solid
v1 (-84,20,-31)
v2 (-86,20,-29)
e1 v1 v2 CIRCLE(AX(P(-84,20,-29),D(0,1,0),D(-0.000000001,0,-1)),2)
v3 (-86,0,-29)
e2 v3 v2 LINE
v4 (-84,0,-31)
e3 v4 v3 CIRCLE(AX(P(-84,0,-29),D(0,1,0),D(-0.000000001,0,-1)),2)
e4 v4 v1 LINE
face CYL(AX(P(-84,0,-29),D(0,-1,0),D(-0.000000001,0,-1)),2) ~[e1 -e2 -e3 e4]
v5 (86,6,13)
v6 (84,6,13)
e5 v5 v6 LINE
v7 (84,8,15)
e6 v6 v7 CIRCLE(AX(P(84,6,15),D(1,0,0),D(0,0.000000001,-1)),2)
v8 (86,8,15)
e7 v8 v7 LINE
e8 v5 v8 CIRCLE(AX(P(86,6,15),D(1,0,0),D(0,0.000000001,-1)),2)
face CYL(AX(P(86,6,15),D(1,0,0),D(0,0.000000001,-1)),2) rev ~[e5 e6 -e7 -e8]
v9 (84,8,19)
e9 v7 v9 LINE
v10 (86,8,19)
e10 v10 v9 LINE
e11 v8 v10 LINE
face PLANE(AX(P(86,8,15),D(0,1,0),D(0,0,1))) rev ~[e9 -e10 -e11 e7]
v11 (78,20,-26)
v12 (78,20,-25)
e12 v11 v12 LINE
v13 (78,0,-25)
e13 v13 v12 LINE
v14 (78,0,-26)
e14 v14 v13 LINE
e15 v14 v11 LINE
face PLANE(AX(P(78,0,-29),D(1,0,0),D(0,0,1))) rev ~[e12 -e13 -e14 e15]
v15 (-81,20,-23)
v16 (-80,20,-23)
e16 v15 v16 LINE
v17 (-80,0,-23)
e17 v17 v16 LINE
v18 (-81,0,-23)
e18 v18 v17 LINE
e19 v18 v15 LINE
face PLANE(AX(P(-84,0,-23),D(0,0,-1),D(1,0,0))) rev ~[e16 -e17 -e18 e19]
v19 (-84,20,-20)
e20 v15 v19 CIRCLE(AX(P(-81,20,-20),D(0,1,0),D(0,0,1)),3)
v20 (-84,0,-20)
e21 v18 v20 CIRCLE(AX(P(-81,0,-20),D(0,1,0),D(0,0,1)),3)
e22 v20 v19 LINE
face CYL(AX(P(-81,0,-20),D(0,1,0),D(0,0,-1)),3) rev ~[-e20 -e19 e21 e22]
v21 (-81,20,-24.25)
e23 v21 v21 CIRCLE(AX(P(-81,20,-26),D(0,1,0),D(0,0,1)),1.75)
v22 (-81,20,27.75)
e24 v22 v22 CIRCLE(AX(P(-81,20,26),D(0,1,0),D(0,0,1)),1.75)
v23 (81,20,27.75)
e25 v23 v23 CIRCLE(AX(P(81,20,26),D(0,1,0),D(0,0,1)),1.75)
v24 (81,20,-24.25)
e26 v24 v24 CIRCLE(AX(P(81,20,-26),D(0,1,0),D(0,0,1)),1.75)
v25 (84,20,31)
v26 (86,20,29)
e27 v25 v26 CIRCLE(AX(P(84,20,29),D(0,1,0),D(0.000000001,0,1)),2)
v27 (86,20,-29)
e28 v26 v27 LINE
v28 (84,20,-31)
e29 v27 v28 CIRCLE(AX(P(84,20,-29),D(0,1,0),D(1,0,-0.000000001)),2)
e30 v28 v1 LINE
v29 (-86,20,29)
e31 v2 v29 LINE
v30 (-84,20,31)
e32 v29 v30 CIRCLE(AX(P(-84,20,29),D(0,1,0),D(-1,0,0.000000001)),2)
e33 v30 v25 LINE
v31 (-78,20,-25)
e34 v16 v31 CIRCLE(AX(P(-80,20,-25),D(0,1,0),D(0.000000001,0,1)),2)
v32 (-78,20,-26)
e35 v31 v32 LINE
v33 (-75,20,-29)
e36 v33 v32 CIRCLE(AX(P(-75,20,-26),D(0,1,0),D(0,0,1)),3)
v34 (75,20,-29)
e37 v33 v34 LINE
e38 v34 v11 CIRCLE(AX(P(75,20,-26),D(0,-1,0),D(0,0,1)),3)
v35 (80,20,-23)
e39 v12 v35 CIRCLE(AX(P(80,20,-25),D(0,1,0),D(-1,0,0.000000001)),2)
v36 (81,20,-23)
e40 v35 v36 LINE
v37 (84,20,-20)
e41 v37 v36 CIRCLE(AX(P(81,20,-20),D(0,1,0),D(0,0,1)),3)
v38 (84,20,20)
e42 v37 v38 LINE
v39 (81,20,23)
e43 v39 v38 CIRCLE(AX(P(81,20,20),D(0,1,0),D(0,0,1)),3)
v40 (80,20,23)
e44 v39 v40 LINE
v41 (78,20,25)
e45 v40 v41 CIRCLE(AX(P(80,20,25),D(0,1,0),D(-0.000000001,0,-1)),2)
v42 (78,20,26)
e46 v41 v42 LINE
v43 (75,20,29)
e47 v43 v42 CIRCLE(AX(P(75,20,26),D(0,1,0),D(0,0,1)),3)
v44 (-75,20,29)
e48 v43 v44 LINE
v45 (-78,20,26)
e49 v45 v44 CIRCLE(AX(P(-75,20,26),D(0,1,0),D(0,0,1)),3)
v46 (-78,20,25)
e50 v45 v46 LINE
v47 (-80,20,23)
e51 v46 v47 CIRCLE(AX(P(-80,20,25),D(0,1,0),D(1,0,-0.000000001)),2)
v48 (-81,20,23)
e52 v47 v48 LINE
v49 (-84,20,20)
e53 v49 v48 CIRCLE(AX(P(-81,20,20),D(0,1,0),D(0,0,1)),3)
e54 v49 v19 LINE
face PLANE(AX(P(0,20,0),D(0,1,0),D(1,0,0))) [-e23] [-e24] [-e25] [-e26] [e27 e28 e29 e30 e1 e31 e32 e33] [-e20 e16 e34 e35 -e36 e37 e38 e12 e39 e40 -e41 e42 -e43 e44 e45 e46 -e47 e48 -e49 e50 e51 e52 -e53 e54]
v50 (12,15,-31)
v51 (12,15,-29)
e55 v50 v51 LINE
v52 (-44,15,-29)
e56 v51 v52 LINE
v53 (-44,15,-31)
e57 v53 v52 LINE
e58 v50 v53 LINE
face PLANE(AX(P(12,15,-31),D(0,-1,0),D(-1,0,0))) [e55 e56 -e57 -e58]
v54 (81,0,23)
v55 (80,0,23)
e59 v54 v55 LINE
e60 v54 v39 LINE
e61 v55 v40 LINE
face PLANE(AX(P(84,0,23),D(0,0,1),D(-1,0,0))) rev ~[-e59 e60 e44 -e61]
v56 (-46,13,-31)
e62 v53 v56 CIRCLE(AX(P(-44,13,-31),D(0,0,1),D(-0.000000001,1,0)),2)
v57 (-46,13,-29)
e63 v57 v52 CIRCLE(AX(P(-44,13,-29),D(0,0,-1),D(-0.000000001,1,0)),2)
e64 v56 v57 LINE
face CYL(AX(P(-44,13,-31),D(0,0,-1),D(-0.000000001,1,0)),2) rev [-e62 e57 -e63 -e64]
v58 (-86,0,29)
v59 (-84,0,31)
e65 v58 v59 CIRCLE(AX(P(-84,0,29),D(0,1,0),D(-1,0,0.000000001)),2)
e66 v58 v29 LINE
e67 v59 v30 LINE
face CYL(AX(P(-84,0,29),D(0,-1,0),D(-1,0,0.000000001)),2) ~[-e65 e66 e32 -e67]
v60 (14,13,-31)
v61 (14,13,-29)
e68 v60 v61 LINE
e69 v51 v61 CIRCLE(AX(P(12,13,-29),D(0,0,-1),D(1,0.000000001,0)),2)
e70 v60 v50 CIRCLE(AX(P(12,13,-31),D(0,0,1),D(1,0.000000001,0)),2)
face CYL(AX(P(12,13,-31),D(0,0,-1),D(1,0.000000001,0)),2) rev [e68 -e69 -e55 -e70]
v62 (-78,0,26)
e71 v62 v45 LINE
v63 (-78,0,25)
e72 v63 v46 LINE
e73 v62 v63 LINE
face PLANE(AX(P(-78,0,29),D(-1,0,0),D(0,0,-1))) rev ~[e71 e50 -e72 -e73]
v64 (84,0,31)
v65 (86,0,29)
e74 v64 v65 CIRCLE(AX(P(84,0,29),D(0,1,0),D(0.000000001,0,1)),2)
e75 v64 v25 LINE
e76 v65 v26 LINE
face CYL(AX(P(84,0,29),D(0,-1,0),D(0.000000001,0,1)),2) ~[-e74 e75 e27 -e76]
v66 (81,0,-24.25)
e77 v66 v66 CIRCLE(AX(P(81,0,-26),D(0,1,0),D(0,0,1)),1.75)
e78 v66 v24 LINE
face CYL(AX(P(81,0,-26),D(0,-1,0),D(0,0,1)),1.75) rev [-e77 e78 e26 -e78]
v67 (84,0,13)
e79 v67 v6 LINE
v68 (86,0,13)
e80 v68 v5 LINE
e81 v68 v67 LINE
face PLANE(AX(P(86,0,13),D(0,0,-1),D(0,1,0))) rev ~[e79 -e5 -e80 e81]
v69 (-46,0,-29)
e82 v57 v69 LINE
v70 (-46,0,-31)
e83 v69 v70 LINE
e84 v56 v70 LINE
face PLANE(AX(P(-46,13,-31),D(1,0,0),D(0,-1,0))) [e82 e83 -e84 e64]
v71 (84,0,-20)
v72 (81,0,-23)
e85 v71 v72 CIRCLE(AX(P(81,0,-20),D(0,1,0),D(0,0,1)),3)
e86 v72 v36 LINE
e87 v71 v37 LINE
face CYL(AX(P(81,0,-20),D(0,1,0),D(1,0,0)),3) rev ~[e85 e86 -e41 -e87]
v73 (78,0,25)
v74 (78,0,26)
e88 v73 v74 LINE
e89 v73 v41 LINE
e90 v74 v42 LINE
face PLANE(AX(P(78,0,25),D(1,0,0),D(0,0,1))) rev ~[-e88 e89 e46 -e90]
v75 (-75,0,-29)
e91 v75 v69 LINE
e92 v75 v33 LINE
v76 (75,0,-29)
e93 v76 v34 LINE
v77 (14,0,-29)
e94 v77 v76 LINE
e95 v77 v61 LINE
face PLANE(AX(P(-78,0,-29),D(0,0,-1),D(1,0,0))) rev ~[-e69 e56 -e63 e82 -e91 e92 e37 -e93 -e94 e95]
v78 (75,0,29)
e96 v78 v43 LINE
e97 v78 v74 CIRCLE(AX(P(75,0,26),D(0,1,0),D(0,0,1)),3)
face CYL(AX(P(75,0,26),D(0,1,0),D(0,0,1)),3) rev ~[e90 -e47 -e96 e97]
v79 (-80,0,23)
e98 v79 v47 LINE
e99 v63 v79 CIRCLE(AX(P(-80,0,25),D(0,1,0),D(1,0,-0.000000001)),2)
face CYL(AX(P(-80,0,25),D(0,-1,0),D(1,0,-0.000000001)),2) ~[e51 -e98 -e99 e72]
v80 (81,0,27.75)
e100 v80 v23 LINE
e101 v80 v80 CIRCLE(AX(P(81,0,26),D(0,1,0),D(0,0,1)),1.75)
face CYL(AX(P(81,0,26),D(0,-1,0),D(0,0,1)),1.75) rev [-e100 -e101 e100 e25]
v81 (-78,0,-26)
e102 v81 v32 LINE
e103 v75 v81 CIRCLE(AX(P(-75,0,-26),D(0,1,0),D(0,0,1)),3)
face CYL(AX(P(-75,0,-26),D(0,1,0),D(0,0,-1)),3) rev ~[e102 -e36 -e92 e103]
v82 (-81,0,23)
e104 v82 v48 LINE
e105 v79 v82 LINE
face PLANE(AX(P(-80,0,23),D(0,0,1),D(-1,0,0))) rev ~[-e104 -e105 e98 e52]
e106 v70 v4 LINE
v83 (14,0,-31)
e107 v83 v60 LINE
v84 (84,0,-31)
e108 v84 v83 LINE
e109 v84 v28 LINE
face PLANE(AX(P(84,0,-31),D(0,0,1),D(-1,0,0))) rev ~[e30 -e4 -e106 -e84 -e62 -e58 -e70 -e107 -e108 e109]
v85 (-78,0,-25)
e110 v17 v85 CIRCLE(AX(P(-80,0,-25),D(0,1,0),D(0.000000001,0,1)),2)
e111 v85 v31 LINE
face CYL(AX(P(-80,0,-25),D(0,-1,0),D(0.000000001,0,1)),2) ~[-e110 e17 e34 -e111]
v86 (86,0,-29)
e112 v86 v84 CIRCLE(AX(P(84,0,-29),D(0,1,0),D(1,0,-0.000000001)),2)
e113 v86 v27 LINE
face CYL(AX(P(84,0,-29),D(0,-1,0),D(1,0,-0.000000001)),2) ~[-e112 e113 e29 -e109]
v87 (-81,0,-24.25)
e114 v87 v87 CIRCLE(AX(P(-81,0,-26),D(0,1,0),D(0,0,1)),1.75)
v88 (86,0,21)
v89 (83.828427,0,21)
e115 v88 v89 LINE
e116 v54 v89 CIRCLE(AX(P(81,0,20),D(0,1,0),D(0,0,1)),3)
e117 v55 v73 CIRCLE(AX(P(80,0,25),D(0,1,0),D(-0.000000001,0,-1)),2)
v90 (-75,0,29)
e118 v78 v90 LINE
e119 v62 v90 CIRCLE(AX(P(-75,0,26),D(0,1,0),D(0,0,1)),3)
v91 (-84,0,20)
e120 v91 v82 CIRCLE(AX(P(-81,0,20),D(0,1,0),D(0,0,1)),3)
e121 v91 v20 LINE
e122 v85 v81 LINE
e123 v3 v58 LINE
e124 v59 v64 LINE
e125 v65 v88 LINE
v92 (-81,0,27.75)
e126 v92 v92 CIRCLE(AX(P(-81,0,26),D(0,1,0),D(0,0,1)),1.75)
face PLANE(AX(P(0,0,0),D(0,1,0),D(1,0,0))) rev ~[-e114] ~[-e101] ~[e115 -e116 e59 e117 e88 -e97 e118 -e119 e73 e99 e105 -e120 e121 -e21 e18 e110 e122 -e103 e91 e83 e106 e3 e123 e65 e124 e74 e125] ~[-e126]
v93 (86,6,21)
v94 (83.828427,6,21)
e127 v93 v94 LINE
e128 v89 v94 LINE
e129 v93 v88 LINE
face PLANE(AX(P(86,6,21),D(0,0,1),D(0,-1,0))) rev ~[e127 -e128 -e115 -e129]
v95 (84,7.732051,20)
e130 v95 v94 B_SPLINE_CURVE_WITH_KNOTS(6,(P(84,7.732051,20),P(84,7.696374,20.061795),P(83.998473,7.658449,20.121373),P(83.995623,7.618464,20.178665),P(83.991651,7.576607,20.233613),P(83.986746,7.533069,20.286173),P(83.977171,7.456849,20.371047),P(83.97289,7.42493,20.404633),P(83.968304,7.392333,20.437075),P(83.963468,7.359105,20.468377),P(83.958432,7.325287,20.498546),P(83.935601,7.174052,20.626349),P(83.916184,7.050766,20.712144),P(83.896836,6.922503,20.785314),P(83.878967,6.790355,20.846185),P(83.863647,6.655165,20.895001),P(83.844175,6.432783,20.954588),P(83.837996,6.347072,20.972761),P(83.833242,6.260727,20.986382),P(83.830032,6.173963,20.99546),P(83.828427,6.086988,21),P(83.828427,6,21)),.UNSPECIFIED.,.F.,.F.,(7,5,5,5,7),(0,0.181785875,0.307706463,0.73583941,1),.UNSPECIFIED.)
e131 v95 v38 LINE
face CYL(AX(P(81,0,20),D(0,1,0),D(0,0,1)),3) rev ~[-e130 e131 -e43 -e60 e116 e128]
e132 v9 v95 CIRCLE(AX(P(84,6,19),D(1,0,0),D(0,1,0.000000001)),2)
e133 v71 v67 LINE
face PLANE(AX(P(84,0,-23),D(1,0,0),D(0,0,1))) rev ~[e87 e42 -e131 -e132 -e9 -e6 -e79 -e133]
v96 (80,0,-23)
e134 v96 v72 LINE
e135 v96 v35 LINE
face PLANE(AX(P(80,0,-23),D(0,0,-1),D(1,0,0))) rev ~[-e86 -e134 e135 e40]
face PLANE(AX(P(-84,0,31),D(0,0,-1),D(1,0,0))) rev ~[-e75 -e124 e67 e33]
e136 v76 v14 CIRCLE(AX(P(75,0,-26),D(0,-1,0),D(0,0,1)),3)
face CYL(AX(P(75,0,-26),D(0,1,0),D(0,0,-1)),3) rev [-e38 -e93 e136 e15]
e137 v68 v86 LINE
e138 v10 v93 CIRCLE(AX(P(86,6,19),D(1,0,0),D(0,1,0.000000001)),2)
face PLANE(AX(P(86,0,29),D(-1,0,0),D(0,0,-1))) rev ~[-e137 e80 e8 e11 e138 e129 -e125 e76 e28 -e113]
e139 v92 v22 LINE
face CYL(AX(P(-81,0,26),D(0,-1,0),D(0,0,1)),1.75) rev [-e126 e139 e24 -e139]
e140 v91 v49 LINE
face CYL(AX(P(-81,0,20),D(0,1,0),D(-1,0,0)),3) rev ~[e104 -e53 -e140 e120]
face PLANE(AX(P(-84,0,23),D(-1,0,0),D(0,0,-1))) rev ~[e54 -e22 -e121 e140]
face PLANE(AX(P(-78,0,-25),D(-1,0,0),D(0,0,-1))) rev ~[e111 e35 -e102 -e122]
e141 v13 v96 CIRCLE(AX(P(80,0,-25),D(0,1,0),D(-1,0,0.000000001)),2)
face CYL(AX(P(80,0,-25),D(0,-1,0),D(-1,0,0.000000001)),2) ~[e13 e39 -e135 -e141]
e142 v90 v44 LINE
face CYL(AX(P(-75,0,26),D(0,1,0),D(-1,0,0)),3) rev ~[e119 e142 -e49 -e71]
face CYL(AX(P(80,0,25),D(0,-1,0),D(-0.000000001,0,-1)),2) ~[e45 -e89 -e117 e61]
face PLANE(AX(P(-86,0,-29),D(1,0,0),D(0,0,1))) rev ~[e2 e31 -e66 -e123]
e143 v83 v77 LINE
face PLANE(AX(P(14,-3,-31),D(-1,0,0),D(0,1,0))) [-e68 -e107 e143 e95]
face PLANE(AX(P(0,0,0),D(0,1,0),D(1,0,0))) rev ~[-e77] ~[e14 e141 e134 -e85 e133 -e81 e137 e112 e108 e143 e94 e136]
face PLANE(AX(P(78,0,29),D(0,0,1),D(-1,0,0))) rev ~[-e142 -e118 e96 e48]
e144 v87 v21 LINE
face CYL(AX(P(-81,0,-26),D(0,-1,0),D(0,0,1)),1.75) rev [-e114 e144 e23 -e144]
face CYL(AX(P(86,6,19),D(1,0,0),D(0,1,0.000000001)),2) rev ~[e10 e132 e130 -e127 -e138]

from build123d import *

# Parameters (mm, degrees)
SKETCH1_R           = 1.75
BOSS_EXTRUDE1_DEPTH = 20
CUT_EXTRUDE1_DEPTH  = 20
FILLET1_R           = 3
CUT_EXTRUDE5_DEPTH  = 10


with BuildPart() as part:
    # Sketch1 → Boss-Extrude1 (new body)
    with BuildSketch(Plane(origin=(0, 0, 0), x_dir=(1, 0, 0), z_dir=(0, 1, 0))):
        with BuildLine():
            Line((-86, 29), (-86, -29))
            ThreePointArc((-86, -29), (-85.414213562, -30.414213562), (-84, -31))
            Line((-84, -31), (84, -31))
            ThreePointArc((84, -31), (85.414213562, -30.414213562), (86, -29))
            Line((86, -29), (86, 29))
            ThreePointArc((86, 29), (85.414213562, 30.414213562), (84, 31))
            Line((84, 31), (-84, 31))
            ThreePointArc((-84, 31), (-85.414213562, 30.414213562), (-86, 29))
        make_face()
        with Locations(Location((-81, 26, 0), (0, 0, 270))):  # turned: the seam where the file's is
            Circle(SKETCH1_R, mode=Mode.SUBTRACT)
        with Locations(Location((-81, -26, 0), (0, 0, 270))):  # turned: the seam where the file's is
            Circle(SKETCH1_R, mode=Mode.SUBTRACT)
        with Locations(Location((81, -26, 0), (0, 0, 270))):  # turned: the seam where the file's is
            Circle(SKETCH1_R, mode=Mode.SUBTRACT)
        with Locations(Location((81, 26, 0), (0, 0, 270))):  # turned: the seam where the file's is
            Circle(SKETCH1_R, mode=Mode.SUBTRACT)
        with BuildLine():
            Line((84, -23), (80, -23))
            ThreePointArc((80, -23), (78.585786438, -23.585786438), (78, -25))
            Line((78, -25), (78, -29))
            Line((78, -29), (-78, -29))
            Line((-78, -29), (-78, -25))
            ThreePointArc((-78, -25), (-78.585786438, -23.585786438), (-80, -23))
            Line((-80, -23), (-84, -23))
            Line((-84, -23), (-84, 23))
            Line((-84, 23), (-80, 23))
            ThreePointArc((-80, 23), (-78.585786438, 23.585786438), (-78, 25))
            Line((-78, 25), (-78, 29))
            Line((-78, 29), (78, 29))
            Line((78, 29), (78, 25))
            ThreePointArc((78, 25), (78.585786438, 23.585786438), (80, 23))
            Line((80, 23), (84, 23))
            Line((84, 23), (84, -23))
        make_face(mode=Mode.SUBTRACT)
    extrude(amount=BOSS_EXTRUDE1_DEPTH)

    # Sketch2 → Cut-Extrude1 (cut)
    with BuildSketch(Plane(origin=(0, 0, -31), x_dir=(-1, 0, 0), z_dir=(0, 0, -1))):
        with BuildLine():
            Line((-12, 15), (44, 15))
            ThreePointArc((44, 15), (45.414213562, 14.414213562), (46, 13))
            Line((46, 13), (46, -3))
            Line((46, -3), (-14, -3))
            Line((-14, -3), (-14, 13))
            ThreePointArc((-14, 13), (-13.414213562, 14.414213562), (-12, 15))
        make_face()
    extrude(amount=-CUT_EXTRUDE1_DEPTH, mode=Mode.SUBTRACT)

    # Fillet1
    fillet1_edges = [part.edges().sort_by_distance(p)[0] for p in [
        (84, 10, 23),
        (84, 10, -23),
        (78, 10, -29),
        (-78, 10, -29),
        (-84, 10, -23),
        (-84, 10, 23),
        (-78, 10, 29),
        (78, 10, 29),
    ]]
    fillet(fillet1_edges, radius=FILLET1_R)

    # Sketch3 → Cut-Extrude5 (cut)
    with BuildSketch(Plane(origin=(86, 0, 0), x_dir=(0, 0, -1), z_dir=(1, 0, 0))):
        with BuildLine():
            Line((-13, 0), (-13, 6))
            ThreePointArc((-13, 6), (-13.585786438, 7.414213562), (-15, 8))
            Line((-15, 8), (-19, 8))
            ThreePointArc((-19, 8), (-20.414213562, 7.414213562), (-21, 6))
            Line((-21, 6), (-21, 0))
            Line((-21, 0), (-13, 0))
        make_face()
    extrude(amount=-CUT_EXTRUDE5_DEPTH, mode=Mode.SUBTRACT)


solid = part.part
